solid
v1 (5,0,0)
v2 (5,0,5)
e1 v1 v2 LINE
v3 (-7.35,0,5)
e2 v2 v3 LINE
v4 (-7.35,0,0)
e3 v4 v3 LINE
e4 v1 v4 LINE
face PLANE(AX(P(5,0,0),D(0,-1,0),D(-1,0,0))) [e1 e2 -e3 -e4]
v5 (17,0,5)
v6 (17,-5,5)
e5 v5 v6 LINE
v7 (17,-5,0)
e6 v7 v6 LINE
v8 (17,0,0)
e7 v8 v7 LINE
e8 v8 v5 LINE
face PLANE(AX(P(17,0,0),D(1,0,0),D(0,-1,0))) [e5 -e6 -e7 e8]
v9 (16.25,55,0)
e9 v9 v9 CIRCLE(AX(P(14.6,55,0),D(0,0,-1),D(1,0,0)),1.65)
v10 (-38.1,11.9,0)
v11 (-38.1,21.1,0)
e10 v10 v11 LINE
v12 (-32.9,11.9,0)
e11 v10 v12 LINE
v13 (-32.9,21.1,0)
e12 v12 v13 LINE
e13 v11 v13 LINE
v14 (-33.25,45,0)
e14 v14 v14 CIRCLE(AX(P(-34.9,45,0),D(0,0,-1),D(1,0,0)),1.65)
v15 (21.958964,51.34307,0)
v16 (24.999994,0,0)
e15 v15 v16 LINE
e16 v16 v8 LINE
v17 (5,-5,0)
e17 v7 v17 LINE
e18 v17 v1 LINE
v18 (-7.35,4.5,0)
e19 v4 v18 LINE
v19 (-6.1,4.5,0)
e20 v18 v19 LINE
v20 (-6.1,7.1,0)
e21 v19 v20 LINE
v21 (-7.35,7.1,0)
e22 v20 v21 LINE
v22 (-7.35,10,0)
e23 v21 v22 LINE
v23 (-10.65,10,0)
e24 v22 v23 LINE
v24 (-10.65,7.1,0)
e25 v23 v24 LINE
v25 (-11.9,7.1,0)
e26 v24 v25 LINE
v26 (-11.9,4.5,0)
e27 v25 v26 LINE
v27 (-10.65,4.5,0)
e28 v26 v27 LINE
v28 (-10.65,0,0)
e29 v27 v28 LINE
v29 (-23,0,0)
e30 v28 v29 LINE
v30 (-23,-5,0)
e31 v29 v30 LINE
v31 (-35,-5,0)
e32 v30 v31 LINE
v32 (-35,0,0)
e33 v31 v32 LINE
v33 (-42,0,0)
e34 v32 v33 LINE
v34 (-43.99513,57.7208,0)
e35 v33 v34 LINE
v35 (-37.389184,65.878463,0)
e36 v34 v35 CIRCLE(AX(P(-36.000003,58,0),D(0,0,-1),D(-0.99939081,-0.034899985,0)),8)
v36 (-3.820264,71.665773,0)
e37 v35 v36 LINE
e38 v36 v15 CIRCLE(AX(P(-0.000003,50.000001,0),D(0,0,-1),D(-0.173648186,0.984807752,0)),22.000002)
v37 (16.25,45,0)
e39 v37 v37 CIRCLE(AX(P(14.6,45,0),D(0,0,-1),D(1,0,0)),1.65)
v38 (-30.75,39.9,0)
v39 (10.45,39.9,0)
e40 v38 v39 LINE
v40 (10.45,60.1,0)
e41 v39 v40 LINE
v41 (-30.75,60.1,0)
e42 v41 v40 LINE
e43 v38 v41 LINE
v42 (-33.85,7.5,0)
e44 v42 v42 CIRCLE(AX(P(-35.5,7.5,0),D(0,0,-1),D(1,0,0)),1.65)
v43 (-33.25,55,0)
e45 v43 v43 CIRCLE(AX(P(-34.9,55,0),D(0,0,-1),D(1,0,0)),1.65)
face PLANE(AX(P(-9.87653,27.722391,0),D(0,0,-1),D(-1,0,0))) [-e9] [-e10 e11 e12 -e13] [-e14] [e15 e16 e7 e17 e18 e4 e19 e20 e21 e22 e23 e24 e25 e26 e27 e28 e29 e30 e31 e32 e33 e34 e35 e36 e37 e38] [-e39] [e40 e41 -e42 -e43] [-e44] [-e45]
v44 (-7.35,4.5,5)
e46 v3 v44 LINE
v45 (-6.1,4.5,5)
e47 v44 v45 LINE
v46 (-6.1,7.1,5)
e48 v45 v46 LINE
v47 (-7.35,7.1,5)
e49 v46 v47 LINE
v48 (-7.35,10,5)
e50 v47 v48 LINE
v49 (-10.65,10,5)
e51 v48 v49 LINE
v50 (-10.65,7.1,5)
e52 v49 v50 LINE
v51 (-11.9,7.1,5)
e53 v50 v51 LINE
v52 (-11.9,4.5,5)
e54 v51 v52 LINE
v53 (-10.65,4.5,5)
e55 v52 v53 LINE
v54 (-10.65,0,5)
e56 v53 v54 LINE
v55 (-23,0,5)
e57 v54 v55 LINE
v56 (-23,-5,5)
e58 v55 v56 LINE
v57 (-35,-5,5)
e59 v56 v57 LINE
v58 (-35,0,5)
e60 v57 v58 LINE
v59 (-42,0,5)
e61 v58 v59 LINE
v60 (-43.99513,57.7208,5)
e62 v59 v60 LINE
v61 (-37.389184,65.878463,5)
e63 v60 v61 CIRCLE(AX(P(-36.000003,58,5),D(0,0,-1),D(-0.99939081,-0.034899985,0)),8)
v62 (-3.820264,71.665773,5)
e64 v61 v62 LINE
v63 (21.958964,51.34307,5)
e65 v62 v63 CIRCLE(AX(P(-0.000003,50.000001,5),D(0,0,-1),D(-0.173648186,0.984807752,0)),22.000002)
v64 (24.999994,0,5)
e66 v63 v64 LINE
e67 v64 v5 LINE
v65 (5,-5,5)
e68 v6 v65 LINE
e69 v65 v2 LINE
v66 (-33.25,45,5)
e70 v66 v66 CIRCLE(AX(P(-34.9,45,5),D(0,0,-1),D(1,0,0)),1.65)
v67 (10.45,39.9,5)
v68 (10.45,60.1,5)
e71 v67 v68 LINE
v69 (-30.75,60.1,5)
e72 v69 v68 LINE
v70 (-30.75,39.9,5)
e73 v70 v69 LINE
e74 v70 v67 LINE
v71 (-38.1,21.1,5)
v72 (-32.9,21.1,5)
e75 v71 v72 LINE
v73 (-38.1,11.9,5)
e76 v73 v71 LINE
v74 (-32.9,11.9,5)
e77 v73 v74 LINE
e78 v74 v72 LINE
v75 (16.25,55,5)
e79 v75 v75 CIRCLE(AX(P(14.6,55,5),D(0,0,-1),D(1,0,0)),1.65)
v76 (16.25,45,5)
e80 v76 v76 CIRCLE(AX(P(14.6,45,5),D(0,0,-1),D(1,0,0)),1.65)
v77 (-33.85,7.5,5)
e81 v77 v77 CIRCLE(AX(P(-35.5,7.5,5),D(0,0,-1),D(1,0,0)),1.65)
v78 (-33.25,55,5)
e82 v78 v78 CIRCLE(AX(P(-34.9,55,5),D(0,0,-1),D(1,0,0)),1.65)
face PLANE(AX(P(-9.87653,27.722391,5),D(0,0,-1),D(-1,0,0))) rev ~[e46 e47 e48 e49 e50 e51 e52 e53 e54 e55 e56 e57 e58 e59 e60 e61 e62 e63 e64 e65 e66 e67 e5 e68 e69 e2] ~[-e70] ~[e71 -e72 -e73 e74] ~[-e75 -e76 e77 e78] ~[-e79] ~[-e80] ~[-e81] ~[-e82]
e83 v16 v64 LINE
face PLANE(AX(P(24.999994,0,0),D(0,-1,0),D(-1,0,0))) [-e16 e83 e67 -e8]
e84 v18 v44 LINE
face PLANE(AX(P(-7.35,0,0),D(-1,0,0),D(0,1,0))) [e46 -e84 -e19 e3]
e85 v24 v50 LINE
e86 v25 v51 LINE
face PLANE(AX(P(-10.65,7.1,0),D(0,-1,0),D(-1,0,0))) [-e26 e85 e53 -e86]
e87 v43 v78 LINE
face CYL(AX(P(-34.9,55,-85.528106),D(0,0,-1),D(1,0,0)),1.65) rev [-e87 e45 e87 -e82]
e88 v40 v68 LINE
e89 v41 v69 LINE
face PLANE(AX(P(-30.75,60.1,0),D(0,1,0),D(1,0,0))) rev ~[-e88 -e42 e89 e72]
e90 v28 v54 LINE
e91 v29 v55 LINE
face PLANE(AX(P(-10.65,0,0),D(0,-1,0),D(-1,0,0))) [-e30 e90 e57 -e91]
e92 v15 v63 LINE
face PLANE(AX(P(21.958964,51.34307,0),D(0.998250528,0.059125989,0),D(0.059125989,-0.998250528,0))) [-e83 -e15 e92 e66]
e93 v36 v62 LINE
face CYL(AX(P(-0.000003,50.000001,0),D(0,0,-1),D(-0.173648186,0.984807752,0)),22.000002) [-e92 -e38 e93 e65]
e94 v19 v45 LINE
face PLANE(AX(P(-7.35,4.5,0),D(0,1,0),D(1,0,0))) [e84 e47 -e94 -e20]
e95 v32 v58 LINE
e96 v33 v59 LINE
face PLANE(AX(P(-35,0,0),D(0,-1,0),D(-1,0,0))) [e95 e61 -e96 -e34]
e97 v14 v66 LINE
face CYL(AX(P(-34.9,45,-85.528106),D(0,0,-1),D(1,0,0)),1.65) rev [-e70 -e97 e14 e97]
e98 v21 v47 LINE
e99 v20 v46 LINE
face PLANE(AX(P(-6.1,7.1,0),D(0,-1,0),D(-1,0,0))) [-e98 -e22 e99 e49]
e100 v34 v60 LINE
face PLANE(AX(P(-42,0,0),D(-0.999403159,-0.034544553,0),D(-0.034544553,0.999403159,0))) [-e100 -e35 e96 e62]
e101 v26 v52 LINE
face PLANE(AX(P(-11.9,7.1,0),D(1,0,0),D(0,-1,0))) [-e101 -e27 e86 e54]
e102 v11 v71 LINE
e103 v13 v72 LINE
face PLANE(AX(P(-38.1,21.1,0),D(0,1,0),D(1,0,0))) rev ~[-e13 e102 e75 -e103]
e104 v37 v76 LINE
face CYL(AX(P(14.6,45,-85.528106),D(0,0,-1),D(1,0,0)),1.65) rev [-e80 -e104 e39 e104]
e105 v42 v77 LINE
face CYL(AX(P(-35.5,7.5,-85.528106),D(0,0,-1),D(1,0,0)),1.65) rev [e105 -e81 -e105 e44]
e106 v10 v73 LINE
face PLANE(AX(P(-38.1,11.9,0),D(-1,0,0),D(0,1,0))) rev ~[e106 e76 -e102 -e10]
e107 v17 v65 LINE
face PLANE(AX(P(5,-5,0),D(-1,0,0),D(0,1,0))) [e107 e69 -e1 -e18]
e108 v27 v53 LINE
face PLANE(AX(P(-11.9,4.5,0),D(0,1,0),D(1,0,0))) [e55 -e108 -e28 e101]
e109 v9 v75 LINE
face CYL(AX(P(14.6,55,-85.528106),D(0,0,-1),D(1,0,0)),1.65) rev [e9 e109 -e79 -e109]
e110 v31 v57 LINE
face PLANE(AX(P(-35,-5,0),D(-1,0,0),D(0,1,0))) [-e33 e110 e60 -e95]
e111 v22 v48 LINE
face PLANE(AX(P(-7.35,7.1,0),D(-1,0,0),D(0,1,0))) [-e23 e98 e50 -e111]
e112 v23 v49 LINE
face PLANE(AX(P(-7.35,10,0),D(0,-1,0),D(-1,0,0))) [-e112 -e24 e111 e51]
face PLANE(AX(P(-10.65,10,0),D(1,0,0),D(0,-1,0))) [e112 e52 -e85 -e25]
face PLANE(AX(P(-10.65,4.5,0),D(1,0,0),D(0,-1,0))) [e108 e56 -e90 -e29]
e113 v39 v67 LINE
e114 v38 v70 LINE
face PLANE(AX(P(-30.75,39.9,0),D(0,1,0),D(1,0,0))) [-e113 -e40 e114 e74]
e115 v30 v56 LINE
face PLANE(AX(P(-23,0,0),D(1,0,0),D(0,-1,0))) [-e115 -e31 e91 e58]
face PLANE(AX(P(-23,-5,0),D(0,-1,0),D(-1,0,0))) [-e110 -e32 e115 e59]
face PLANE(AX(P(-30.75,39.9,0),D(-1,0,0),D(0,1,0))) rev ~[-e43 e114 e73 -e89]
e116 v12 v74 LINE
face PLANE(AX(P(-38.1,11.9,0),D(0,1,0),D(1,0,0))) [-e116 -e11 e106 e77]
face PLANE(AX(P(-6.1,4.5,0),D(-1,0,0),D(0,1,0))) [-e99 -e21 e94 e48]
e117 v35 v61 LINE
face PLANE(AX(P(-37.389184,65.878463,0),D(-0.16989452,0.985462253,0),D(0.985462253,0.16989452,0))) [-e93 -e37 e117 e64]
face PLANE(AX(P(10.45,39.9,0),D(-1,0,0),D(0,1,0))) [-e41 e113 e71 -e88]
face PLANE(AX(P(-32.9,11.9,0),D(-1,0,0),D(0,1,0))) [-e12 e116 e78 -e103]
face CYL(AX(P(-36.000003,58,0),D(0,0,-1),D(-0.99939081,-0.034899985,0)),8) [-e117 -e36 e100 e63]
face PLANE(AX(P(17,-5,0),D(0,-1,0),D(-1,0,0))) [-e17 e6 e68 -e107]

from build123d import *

# Parameters (mm, degrees)
ESKIZ_KONTUR_W        = 5.2
ESKIZ_KONTUR_H        = 9.2
ESKIZ_KONTUR_W_2      = 41.2
ESKIZ_KONTUR_H_2      = 20.2
PLASTINA_DEPTH        = 5
OTVERSTIYA_DEPTH      = 85.528105852
OTVERSTIYA_DEPTH_BACK = 85.528105852
ESKIZ_OTVERSTIYA_R    = 1.65


with BuildPart() as part:
    # Eskiz_kontur → Plastina (new body)
    with BuildSketch(Plane.XY):
        with BuildLine():
            Line((21.958964111, 51.343070401), (24.999994111, 4.01e-07))
            Line((24.999994111, 4.01e-07), (17, 4.01e-07))
            Line((17, 4.01e-07), (17, -5))
            Line((17, -5), (5, -5))
            Line((5, -5), (5, 0))
            Line((5, 0), (-7.35, 0))
            Line((-7.35, 0), (-7.35, 4.5))
            Line((-7.35, 4.5), (-6.1, 4.5))
            Line((-6.1, 4.5), (-6.1, 7.1))
            Line((-6.1, 7.1), (-7.35, 7.1))
            Line((-7.35, 7.1), (-7.35, 10))
            Line((-7.35, 10), (-10.65, 10))
            Line((-10.65, 10), (-10.65, 7.1))
            Line((-10.65, 7.1), (-11.9, 7.1))
            Line((-11.9, 7.1), (-11.9, 4.5))
            Line((-11.9, 4.5), (-10.65, 4.5))
            Line((-10.65, 4.5), (-10.65, 0))
            Line((-10.65, 0), (-23, 0))
            Line((-23, 0), (-23, -5))
            Line((-23, -5), (-35, -5))
            Line((-35, -5), (-35, 0))
            Line((-35, 0), (-42, 0))
            Line((-42, 0), (-43.99513, 57.7208))
            ThreePointArc((-43.99513, 57.7208), (-42.217170806, 63.034563621), (-37.389183787, 65.878463067))
            Line((-37.389183787, 65.878463067), (-3.820263787, 71.665773067))
            ThreePointArc((-3.820263787, 71.665773067), (13.620063981, 67.276975245), (21.958964111, 51.343070401))
        make_face()
        with Locations((-35.5, 16.5)):
            Rectangle(ESKIZ_KONTUR_W, ESKIZ_KONTUR_H, mode=Mode.SUBTRACT)
        with Locations((-10.15, 50)):
            Rectangle(ESKIZ_KONTUR_W_2, ESKIZ_KONTUR_H_2, mode=Mode.SUBTRACT)
    extrude(amount=PLASTINA_DEPTH)

    # Eskiz_otverstiya → Otverstiya (cut, two sides: drawn at the far end of the back side and taken through both)
    with BuildSketch(Plane.XY.offset(-OTVERSTIYA_DEPTH_BACK)):
        with Locations((-35.5, 7.5)):
            Circle(ESKIZ_OTVERSTIYA_R)
        with Locations((-34.9, 45)):
            Circle(ESKIZ_OTVERSTIYA_R)
        with Locations((-34.9, 55)):
            Circle(ESKIZ_OTVERSTIYA_R)
        with Locations((14.6, 45)):
            Circle(ESKIZ_OTVERSTIYA_R)
        with Locations((14.6, 55)):
            Circle(ESKIZ_OTVERSTIYA_R)
    extrude(amount=OTVERSTIYA_DEPTH + OTVERSTIYA_DEPTH_BACK, mode=Mode.SUBTRACT)


solid = part.part
